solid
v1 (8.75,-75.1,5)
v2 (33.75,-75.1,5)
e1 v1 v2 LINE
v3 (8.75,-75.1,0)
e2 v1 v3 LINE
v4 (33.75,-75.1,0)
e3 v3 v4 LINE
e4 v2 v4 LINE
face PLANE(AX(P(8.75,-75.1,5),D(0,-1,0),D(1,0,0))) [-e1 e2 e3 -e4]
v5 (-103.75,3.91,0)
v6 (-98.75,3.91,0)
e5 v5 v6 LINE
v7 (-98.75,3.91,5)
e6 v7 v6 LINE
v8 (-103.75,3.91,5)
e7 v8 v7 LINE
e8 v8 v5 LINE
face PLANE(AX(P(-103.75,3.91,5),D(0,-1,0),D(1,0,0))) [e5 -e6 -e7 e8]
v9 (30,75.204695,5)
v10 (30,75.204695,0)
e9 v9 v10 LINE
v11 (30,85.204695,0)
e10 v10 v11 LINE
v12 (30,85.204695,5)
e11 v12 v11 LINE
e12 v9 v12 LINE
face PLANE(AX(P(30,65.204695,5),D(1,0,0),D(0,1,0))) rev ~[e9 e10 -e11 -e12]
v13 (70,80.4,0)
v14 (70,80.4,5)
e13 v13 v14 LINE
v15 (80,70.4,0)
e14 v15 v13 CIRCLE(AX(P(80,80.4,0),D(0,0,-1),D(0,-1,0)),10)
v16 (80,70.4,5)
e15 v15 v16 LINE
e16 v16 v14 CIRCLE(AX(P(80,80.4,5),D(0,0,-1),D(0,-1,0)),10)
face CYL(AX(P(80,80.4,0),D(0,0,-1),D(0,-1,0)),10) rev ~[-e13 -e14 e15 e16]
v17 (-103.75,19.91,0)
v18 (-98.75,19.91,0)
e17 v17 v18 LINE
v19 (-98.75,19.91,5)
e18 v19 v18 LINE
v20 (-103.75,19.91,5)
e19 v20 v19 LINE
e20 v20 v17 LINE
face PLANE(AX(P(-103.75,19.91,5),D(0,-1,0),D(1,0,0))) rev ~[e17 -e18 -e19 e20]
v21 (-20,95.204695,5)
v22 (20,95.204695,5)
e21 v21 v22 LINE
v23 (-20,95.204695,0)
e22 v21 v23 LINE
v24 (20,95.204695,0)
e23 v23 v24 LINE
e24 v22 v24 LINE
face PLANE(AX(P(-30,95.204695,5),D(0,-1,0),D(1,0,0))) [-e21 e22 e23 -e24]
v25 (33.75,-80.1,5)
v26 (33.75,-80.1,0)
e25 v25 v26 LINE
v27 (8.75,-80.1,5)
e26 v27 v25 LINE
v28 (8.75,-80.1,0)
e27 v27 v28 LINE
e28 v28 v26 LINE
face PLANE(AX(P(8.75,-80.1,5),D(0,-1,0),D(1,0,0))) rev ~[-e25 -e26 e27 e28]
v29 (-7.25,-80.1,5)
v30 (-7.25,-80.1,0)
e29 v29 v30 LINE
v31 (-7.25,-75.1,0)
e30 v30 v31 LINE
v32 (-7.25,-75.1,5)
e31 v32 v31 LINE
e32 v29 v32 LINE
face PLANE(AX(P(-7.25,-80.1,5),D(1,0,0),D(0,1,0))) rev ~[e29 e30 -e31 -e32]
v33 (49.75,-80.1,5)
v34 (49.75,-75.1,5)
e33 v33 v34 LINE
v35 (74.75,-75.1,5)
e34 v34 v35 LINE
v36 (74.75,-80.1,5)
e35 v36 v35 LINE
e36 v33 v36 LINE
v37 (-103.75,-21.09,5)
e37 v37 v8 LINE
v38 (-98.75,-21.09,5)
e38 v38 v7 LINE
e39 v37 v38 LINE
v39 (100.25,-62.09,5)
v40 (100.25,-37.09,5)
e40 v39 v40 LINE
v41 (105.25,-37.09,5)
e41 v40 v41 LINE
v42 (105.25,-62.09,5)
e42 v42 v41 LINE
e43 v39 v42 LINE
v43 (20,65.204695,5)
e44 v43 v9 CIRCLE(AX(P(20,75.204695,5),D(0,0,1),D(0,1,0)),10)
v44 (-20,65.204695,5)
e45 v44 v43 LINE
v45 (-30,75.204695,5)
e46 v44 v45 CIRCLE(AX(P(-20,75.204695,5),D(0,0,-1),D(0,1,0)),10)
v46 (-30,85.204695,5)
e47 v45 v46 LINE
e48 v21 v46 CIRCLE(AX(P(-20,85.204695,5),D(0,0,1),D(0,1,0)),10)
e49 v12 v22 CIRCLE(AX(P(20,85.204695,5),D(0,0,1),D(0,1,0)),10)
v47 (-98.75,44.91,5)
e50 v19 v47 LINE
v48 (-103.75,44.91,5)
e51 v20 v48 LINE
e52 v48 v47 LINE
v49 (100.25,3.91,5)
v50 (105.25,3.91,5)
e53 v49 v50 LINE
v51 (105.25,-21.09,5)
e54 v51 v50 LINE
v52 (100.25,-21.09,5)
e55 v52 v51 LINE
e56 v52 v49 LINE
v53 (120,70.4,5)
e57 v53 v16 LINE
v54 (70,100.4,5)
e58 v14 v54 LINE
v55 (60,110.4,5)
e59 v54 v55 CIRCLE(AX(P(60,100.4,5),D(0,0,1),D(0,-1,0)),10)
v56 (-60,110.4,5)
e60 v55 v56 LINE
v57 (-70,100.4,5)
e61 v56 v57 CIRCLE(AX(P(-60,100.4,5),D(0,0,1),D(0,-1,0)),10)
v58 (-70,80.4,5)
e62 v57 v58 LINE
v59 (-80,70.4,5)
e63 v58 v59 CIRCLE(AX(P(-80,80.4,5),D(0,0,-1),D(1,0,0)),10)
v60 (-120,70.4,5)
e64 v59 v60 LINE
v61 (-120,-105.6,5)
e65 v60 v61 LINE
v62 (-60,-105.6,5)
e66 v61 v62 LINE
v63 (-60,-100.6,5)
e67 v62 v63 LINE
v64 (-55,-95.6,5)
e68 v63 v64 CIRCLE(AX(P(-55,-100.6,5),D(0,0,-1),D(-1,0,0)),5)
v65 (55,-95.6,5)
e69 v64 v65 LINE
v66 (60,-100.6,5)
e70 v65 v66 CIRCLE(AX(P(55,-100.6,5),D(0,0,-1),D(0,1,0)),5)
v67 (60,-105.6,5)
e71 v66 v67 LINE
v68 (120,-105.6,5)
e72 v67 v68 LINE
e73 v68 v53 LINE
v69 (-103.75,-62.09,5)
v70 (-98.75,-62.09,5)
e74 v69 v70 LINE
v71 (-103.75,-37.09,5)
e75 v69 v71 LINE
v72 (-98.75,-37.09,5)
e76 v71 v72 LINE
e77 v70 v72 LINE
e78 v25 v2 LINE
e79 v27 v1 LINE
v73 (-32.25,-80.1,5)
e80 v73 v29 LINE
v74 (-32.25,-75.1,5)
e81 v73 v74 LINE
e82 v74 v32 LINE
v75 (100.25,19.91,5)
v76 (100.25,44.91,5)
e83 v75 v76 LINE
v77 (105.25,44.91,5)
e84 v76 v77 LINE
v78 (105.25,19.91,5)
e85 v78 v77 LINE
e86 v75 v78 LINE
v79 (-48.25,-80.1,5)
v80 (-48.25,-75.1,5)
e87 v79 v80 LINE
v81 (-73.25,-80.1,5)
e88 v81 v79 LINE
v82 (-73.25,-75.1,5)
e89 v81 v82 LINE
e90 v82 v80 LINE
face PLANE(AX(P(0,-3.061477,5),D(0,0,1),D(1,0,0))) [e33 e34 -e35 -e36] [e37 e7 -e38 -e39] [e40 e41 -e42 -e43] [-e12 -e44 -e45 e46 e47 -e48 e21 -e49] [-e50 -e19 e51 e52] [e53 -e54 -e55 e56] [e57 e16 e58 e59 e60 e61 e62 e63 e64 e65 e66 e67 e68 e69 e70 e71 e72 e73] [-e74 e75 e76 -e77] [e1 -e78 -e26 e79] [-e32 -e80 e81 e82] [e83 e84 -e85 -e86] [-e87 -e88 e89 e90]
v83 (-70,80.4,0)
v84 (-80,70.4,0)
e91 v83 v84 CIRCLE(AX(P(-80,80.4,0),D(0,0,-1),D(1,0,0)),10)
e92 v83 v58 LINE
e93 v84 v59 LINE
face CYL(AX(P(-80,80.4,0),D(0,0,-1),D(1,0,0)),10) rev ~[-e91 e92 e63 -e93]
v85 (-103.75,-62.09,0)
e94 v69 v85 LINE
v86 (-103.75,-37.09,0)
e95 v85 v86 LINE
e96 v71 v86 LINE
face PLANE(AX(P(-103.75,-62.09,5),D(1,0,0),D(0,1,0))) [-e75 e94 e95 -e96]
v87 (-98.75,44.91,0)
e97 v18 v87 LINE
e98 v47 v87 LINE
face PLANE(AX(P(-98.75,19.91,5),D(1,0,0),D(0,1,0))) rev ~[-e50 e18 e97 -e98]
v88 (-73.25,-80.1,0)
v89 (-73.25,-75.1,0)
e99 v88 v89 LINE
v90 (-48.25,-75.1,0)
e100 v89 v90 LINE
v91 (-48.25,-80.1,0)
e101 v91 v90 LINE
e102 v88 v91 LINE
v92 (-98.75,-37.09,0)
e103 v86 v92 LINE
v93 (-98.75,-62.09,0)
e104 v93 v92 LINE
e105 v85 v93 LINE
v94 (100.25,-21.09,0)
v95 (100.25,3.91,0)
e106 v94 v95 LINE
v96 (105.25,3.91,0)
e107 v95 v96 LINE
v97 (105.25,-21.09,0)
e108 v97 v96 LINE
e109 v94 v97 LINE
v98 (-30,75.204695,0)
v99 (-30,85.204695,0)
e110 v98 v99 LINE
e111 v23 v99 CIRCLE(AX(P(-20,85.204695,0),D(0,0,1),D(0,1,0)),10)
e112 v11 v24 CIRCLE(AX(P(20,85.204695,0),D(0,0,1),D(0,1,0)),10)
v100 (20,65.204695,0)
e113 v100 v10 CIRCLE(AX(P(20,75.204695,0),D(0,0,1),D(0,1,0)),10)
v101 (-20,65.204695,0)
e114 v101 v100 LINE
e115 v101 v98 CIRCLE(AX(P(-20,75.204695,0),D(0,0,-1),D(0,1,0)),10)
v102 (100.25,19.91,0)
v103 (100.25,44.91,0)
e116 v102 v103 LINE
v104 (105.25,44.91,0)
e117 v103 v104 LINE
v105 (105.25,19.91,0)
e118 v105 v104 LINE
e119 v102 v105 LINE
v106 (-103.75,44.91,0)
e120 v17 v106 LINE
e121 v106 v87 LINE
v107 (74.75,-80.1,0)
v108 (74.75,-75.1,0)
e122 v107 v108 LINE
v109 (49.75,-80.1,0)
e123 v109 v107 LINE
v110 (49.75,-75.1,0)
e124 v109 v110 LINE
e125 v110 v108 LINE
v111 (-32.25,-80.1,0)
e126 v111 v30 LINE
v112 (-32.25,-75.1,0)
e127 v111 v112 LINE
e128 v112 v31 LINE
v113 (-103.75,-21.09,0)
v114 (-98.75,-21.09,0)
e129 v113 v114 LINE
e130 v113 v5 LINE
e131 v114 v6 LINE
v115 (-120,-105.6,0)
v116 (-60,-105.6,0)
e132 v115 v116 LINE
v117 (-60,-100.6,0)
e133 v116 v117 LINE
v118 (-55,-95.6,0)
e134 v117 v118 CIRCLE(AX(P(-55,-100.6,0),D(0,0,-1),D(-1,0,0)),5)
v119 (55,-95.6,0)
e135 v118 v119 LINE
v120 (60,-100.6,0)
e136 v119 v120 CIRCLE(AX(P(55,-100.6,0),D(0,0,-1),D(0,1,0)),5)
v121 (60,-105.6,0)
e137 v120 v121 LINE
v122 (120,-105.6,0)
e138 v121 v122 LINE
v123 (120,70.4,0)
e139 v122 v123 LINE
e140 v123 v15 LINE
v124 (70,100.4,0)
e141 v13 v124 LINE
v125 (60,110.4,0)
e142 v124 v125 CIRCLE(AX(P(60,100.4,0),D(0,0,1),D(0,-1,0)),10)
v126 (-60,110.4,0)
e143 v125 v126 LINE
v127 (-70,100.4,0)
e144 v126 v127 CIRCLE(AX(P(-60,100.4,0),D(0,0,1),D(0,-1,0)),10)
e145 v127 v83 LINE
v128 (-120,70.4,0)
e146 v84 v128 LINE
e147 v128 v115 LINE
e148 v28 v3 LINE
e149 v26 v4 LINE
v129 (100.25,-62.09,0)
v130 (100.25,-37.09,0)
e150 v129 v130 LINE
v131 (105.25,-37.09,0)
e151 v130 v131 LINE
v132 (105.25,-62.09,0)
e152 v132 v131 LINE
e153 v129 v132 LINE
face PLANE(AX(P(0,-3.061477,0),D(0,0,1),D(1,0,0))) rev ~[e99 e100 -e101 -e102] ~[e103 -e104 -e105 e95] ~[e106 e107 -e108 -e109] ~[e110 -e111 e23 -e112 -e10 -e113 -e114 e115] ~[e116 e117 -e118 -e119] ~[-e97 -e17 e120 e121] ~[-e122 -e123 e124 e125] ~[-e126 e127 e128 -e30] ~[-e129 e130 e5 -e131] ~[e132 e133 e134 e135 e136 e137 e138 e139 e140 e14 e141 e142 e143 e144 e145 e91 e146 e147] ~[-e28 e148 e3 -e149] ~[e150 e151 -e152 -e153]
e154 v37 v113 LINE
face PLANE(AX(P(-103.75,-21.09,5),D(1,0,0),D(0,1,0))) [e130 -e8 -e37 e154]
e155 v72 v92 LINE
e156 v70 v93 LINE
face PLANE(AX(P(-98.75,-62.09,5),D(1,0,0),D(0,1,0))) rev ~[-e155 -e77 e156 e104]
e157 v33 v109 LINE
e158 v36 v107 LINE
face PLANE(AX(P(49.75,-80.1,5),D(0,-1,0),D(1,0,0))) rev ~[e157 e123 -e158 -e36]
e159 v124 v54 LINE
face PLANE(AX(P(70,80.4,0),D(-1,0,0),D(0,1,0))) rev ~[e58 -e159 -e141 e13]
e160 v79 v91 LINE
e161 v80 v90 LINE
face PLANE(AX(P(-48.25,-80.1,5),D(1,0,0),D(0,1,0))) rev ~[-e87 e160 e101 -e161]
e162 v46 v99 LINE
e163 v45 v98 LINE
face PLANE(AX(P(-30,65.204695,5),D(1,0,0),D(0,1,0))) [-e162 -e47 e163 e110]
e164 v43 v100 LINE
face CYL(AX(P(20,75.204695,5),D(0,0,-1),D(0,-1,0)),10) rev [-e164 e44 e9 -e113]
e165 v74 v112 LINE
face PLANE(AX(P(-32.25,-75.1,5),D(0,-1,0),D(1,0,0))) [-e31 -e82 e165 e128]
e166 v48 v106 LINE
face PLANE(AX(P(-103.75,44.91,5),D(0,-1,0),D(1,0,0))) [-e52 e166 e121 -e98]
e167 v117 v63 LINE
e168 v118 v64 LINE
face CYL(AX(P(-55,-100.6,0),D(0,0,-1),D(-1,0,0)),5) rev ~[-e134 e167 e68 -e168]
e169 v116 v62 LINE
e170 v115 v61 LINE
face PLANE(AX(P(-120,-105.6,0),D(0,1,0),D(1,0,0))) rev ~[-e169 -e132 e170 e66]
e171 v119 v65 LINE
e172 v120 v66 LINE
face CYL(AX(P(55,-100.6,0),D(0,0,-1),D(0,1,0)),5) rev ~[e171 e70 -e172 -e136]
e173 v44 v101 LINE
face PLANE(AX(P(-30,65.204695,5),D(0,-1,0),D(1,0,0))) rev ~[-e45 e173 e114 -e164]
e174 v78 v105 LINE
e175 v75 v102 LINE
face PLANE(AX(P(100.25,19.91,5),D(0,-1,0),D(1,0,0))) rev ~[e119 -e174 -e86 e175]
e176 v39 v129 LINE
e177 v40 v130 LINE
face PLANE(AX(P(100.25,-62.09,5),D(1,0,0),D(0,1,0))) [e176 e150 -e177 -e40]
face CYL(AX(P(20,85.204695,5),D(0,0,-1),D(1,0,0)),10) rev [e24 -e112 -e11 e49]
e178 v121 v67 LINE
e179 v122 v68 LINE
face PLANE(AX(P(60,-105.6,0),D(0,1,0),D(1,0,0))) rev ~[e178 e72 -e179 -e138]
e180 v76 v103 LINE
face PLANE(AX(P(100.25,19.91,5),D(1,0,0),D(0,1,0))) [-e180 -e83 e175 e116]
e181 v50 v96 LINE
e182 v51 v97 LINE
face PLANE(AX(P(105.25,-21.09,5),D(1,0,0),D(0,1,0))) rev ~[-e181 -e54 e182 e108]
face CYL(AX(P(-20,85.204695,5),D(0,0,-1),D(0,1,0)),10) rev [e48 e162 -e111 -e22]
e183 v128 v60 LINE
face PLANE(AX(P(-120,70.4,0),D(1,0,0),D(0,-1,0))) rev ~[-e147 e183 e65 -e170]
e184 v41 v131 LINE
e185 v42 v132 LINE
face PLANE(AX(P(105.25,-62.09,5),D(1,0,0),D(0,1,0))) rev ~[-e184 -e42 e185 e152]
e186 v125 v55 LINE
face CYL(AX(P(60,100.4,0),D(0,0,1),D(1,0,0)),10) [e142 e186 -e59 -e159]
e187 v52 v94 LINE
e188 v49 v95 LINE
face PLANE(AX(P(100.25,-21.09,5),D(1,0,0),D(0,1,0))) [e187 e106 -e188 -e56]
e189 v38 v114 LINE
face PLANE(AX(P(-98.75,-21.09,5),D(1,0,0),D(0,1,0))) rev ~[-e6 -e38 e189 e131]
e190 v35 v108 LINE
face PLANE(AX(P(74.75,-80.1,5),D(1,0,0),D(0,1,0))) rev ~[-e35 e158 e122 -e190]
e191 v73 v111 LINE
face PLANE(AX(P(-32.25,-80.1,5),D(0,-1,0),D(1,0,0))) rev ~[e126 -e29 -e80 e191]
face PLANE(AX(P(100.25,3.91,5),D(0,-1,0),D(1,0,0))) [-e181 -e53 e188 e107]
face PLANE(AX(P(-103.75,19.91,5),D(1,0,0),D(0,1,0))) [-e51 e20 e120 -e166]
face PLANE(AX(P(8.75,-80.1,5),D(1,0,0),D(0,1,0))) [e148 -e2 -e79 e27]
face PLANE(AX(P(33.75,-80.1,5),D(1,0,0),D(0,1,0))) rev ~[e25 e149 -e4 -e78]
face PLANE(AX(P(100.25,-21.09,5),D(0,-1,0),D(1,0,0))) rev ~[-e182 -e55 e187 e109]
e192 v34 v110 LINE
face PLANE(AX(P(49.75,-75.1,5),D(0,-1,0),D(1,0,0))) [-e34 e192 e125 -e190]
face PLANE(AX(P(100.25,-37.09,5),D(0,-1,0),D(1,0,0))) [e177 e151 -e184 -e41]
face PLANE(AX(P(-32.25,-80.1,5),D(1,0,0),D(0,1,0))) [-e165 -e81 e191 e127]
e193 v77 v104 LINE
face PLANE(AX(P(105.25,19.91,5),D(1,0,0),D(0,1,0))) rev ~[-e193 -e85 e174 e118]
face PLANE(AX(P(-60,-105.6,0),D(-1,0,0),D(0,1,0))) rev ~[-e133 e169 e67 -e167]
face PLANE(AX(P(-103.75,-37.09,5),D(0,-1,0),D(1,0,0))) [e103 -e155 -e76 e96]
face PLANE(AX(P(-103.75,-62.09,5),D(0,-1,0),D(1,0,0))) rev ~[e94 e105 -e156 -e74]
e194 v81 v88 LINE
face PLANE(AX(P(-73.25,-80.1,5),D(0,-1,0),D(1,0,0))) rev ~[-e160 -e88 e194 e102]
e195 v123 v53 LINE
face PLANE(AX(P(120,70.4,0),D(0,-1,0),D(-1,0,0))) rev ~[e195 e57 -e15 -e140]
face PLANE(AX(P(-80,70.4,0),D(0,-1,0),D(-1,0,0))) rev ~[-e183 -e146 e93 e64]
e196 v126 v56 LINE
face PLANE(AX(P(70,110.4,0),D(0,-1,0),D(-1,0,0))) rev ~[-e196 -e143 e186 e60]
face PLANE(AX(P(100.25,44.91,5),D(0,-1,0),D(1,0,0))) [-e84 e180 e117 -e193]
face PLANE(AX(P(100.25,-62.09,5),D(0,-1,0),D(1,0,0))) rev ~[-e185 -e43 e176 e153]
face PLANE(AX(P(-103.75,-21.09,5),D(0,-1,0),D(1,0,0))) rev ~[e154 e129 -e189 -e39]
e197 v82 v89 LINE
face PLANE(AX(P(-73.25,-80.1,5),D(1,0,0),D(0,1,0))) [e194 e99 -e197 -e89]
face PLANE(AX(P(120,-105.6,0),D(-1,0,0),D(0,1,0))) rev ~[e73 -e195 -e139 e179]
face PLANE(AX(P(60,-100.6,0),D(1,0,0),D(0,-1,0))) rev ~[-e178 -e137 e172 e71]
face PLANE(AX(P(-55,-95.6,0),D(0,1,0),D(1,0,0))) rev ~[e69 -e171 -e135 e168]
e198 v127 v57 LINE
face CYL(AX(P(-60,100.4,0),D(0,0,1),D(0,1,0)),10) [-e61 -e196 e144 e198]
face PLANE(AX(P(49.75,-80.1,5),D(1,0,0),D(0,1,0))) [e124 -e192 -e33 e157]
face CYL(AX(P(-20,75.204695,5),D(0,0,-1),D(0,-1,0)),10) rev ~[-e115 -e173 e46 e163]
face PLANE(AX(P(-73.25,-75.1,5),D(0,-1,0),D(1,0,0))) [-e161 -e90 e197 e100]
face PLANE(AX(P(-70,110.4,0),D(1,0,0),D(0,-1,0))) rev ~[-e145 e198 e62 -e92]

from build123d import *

# Parameters (mm, degrees)
BOSS_EXTRUDE1_DEPTH = 5
SKETCH2_W           = 5
SKETCH2_H           = 25
CUT_EXTRUDE1_DEPTH  = 164.135403883
FILLET1_R           = 10
SKETCH3_W           = 25
SKETCH3_H           = 5
CUT_EXTRUDE2_DEPTH  = 10
SKETCH4_W           = 60
SKETCH4_H           = 30
CUT_EXTRUDE3_DEPTH  = 35
FILLET2_R           = 10


with BuildPart() as part:
    # Sketch1 → Boss-Extrude1 (new body)
    with BuildSketch(Plane.XY):
        with BuildLine():
            Line((60, -105.6), (120, -105.6))
            Line((120, -105.6), (120, 70.4))
            Line((120, 70.4), (80, 70.4))
            ThreePointArc((80, 70.4), (72.928932188, 73.328932188), (70, 80.4))
            Line((70, 80.4), (70, 110.4))
            Line((70, 110.4), (-70, 110.4))
            Line((-70, 110.4), (-70, 80.4))
            ThreePointArc((-70, 80.4), (-72.928932188, 73.328932188), (-80, 70.4))
            Line((-80, 70.4), (-120, 70.4))
            Line((-120, 70.4), (-120, -105.6))
            Line((-120, -105.6), (-60, -105.6))
            Line((-60, -105.6), (-60, -100.6))
            ThreePointArc((-60, -100.6), (-58.535533906, -97.064466094), (-55, -95.6))
            Line((-55, -95.6), (55, -95.6))
            ThreePointArc((55, -95.6), (58.535533906, -97.064466094), (60, -100.6))
            Line((60, -100.6), (60, -105.6))
        make_face()
    extrude(amount=BOSS_EXTRUDE1_DEPTH)

    # Sketch2 → Cut-Extrude1 (cut, through all)
    with BuildSketch(Plane.XY.offset(5)):
        with Locations((102.75, 32.41)):
            Rectangle(SKETCH2_W, SKETCH2_H)
        with Locations((102.75, -8.59)):
            Rectangle(SKETCH2_W, SKETCH2_H)
        with Locations((102.75, -49.59)):
            Rectangle(SKETCH2_W, SKETCH2_H)
        with Locations((-101.25, 32.41)):
            Rectangle(SKETCH2_W, SKETCH2_H)
        with Locations((-101.25, -8.59)):
            Rectangle(SKETCH2_W, SKETCH2_H)
        with Locations((-101.25, -49.59)):
            Rectangle(SKETCH2_W, SKETCH2_H)
    extrude(amount=-CUT_EXTRUDE1_DEPTH, mode=Mode.SUBTRACT)

    # Fillet1
    fillet1_edges = [part.edges().sort_by_distance(p)[0] for p in [
        (-70, 110.4, 2.5),
        (70, 110.4, 2.5),
    ]]
    fillet(fillet1_edges, radius=FILLET1_R)

    # Sketch3 → Cut-Extrude2 (cut)
    with BuildSketch(Plane.XY.offset(5)):
        with Locations((62.25, -77.6)):
            Rectangle(SKETCH3_W, SKETCH3_H)
        with Locations((21.25, -77.6)):
            Rectangle(SKETCH3_W, SKETCH3_H)
        with Locations((-19.75, -77.6)):
            Rectangle(SKETCH3_W, SKETCH3_H)
        with Locations((-60.75, -77.6)):
            Rectangle(SKETCH3_W, SKETCH3_H)
    extrude(amount=-CUT_EXTRUDE2_DEPTH, mode=Mode.SUBTRACT)

    # Sketch4 → Cut-Extrude3 (cut)
    with BuildSketch(Plane.XY.offset(5)):
        with Locations((0, 80.204694575)):
            Rectangle(SKETCH4_W, SKETCH4_H)
    extrude(amount=-CUT_EXTRUDE3_DEPTH, mode=Mode.SUBTRACT)

    # Fillet2
    fillet2_edges = [part.edges().sort_by_distance(p)[0] for p in [
        (-30, 65.204694575, 2.5),
        (-30, 95.204694575, 2.5),
        (30, 95.204694575, 2.5),
        (30, 65.204694575, 2.5),
    ]]
    fillet(fillet2_edges, radius=FILLET2_R)


solid = part.part
